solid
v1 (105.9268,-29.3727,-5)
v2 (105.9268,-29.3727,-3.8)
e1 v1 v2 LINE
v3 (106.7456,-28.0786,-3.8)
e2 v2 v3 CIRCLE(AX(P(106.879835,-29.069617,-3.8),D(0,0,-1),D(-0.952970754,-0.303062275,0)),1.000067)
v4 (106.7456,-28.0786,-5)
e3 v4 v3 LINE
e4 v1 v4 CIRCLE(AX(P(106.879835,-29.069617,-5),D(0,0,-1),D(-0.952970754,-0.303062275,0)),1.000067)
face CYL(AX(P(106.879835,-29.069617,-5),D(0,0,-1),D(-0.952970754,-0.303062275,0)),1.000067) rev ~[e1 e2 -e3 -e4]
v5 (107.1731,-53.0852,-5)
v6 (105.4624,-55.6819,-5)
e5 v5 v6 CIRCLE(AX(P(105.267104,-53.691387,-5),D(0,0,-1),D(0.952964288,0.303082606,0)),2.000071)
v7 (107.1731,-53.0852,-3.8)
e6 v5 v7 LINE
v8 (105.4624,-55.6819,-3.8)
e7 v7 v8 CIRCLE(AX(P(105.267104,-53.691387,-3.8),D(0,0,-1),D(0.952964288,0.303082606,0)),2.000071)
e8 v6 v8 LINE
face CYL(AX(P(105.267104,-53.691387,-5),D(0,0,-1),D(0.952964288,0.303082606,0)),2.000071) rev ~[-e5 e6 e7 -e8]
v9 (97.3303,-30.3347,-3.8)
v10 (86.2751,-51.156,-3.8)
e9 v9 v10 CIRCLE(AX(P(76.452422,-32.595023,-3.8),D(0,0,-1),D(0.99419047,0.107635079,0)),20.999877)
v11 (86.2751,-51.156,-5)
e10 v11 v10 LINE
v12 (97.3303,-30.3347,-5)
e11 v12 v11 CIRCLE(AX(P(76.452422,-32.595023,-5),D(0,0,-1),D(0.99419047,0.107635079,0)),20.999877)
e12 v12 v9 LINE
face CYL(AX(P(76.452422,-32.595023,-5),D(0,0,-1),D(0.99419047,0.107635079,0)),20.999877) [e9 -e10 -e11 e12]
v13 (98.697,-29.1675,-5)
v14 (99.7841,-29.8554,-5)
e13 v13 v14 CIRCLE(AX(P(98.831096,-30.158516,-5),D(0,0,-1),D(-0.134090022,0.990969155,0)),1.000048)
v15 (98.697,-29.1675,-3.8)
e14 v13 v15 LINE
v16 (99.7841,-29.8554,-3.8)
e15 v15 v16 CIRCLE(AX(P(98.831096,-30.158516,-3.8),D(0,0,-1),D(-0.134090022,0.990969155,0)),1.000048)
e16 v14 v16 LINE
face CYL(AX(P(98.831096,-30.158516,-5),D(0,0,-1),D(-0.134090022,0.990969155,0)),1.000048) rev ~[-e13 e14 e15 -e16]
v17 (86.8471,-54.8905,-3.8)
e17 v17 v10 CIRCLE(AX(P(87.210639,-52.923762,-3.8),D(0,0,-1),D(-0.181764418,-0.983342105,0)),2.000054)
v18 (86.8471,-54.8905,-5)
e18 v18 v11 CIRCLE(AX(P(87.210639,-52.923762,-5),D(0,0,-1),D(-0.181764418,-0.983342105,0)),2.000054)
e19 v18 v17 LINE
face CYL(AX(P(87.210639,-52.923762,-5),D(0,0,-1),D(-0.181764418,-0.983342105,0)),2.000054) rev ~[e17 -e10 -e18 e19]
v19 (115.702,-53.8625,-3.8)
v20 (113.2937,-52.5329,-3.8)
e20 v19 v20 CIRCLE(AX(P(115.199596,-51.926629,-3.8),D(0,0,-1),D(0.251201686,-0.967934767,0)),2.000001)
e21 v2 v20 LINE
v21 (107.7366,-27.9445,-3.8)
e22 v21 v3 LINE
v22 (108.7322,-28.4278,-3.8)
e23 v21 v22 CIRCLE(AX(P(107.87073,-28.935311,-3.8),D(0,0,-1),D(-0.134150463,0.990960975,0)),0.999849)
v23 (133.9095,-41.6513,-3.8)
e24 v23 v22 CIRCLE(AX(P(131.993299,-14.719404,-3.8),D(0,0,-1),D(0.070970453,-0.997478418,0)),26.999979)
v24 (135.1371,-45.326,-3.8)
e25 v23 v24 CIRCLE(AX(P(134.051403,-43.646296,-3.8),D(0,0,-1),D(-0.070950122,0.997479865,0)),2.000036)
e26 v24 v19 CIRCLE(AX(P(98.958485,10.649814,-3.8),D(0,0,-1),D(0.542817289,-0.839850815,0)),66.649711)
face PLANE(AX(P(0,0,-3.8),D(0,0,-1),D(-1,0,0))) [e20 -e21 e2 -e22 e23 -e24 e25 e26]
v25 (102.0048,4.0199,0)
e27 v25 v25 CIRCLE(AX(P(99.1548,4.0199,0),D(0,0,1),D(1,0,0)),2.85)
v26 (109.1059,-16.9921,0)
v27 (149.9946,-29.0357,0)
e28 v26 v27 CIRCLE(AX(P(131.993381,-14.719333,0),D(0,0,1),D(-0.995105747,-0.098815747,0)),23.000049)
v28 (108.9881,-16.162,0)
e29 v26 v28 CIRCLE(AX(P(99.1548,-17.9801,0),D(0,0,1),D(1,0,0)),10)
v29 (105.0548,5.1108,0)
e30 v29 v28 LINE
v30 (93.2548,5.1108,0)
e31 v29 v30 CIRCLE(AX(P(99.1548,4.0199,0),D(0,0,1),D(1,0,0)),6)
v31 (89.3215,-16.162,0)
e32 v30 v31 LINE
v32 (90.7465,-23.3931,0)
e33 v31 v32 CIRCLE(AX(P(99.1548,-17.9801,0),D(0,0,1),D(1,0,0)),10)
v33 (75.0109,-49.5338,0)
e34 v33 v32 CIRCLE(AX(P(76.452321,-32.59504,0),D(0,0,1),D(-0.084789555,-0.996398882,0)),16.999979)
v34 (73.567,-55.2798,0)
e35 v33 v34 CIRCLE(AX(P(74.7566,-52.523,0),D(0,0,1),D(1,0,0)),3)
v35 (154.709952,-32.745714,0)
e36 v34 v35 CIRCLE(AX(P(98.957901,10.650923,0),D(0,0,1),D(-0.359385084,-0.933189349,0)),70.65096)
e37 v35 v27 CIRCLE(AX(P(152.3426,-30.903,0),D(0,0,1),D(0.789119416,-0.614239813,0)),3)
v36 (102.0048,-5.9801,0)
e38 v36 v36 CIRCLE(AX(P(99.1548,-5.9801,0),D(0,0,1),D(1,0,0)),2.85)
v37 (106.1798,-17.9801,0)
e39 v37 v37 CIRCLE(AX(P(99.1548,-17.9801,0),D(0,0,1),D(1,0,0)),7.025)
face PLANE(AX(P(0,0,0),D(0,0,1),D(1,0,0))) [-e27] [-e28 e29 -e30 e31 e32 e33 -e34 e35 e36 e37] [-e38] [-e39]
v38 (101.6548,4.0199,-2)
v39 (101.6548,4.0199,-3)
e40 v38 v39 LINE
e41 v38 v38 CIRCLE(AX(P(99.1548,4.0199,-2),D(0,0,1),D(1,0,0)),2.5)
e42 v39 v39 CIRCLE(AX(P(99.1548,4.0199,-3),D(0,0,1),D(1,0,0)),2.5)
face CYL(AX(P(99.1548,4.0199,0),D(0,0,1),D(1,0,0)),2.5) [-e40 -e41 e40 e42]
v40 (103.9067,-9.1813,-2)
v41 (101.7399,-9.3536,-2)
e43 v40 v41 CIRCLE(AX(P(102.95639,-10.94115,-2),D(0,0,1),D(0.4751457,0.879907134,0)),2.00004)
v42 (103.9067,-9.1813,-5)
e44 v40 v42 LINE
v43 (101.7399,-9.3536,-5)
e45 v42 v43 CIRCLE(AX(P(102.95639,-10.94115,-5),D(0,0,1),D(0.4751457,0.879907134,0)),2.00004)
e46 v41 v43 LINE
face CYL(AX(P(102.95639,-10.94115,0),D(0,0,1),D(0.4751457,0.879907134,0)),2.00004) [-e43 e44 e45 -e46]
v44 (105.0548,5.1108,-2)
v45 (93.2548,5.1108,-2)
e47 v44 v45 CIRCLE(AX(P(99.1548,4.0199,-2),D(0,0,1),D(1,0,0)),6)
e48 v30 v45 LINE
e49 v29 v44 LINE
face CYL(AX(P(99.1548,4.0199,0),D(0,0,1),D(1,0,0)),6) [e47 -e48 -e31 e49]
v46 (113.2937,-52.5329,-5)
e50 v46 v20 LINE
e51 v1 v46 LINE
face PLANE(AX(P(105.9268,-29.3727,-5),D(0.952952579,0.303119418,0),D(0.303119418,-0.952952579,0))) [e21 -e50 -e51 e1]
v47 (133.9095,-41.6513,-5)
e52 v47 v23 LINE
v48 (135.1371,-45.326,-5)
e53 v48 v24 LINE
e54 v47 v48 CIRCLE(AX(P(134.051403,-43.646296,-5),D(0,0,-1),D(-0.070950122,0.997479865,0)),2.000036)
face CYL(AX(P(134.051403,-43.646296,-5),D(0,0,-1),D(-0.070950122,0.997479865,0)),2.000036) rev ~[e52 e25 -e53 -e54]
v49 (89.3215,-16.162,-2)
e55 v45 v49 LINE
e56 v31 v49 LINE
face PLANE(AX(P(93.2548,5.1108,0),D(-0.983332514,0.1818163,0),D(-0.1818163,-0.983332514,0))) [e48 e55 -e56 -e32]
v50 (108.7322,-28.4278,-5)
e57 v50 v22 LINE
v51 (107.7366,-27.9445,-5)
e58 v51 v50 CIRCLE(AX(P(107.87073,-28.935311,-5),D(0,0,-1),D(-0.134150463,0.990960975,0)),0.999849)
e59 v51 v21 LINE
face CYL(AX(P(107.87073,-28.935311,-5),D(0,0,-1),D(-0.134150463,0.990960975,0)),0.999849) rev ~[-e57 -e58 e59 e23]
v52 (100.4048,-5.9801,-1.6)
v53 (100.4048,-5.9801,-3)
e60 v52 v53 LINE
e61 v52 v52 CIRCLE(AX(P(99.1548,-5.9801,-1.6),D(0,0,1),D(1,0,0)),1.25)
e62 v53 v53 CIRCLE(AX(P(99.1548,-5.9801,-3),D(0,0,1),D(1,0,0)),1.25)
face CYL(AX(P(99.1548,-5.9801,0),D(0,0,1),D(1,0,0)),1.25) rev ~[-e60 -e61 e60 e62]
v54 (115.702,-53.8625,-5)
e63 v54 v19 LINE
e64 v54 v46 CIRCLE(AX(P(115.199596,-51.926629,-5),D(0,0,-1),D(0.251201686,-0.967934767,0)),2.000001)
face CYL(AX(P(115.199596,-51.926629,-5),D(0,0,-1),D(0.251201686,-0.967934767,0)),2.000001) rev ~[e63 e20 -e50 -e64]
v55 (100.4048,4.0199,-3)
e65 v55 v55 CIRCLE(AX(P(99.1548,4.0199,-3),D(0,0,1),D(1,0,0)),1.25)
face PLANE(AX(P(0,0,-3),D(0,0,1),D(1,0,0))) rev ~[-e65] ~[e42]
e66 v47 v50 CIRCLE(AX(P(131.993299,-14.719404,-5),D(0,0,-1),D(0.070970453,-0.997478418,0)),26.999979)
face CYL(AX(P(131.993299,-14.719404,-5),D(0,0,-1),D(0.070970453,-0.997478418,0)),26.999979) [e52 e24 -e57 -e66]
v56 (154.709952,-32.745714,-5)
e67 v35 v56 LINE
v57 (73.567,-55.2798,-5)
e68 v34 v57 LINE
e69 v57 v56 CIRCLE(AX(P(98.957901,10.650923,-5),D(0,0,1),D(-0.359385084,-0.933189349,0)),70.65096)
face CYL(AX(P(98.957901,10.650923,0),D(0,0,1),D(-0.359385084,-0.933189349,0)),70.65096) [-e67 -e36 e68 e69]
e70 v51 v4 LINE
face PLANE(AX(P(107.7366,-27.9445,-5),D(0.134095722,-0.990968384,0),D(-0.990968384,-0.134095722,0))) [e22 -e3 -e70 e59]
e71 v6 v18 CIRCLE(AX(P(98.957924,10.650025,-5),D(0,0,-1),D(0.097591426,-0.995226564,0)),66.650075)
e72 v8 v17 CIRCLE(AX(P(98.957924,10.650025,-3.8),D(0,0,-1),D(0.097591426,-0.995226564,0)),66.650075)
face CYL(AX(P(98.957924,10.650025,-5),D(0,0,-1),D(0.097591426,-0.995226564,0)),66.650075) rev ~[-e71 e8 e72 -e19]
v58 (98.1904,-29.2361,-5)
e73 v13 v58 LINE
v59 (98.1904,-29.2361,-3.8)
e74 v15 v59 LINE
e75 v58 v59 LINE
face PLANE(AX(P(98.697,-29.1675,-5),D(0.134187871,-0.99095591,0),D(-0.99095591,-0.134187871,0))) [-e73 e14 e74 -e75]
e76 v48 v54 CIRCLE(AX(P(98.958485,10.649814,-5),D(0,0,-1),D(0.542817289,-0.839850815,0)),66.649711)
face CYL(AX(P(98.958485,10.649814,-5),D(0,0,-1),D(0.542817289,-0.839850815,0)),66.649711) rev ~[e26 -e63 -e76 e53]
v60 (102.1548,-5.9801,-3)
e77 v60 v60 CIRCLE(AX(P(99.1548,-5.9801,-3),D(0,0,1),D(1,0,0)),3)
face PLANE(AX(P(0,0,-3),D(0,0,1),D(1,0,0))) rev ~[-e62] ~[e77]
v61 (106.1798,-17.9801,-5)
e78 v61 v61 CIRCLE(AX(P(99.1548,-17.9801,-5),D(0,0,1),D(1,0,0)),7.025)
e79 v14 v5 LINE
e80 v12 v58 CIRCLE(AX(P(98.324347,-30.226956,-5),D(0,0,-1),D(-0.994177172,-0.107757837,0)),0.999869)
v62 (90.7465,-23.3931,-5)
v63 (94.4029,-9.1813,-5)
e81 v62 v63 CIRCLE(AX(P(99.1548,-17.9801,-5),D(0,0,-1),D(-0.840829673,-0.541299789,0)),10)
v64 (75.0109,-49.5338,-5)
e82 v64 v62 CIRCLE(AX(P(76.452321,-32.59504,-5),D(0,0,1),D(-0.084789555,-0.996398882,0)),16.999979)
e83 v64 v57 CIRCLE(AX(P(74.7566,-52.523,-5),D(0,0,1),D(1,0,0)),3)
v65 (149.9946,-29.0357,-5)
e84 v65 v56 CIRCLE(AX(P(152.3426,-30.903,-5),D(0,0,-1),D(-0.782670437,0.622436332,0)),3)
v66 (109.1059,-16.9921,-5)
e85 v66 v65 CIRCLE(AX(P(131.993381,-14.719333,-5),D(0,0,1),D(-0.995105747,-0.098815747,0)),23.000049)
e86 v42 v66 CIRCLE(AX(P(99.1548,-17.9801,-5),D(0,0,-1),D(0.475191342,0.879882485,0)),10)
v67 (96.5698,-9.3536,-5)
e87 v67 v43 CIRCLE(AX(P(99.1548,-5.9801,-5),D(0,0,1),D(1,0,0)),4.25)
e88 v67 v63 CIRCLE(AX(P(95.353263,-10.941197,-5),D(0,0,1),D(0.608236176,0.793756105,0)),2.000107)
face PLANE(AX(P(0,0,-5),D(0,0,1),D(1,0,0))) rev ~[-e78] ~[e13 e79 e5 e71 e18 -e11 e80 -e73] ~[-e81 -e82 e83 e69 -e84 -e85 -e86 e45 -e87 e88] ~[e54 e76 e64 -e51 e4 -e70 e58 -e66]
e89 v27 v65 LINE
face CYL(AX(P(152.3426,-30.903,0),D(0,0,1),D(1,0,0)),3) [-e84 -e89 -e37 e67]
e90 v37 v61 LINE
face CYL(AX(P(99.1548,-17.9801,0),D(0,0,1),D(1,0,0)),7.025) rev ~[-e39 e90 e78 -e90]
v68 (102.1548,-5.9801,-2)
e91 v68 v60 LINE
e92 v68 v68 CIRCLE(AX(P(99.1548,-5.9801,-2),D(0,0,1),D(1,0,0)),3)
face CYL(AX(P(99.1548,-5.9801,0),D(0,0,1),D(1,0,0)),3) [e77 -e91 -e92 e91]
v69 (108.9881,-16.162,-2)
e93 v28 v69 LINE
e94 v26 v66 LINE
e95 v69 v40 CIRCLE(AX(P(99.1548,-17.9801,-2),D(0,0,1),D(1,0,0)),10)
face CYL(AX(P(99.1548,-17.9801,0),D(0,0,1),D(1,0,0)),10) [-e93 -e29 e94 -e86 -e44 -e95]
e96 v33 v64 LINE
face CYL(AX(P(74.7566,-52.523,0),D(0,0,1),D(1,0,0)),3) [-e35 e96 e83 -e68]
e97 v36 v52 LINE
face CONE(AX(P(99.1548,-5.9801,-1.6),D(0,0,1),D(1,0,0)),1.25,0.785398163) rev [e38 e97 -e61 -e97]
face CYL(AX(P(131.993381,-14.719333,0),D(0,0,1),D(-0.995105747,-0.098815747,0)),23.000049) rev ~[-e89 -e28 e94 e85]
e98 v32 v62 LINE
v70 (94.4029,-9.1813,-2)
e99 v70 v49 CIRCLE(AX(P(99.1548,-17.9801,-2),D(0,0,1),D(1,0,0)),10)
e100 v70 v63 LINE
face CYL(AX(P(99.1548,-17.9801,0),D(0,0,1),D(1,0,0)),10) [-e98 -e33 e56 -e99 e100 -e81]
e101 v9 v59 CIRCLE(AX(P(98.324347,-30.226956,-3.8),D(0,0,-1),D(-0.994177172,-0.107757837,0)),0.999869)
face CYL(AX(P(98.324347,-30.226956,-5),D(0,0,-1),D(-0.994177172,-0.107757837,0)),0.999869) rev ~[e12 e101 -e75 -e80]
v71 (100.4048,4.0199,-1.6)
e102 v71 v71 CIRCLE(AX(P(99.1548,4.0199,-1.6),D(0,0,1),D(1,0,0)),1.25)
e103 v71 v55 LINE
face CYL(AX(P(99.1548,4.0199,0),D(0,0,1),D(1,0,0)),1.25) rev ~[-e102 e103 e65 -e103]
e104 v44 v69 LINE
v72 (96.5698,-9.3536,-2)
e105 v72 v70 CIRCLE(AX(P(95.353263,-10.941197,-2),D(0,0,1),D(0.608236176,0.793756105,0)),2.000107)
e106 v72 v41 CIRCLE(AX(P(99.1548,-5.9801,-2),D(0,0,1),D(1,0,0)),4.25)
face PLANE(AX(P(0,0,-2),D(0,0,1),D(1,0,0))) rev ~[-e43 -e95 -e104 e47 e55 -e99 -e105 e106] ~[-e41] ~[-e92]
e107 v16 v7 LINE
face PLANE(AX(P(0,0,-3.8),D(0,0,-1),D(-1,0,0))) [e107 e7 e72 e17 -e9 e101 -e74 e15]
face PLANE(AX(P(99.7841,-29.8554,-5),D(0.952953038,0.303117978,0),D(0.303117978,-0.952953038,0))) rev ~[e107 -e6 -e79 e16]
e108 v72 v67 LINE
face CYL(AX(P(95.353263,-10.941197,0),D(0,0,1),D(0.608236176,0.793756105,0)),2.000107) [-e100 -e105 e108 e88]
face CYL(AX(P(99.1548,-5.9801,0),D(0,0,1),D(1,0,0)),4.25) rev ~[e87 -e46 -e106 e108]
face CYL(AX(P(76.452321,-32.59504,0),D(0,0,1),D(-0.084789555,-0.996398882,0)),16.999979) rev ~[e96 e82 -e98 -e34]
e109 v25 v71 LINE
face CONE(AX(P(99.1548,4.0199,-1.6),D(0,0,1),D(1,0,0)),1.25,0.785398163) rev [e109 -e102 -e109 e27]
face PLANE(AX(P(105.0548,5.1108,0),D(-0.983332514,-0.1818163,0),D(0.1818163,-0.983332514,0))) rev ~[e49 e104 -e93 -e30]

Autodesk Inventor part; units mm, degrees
ref_plane "YZ Plane" through (0, 0, 0) normal (1, 0, 0) x (0, 1, 0)
ref_plane "XZ Plane" through (0, 0, 0) normal (0, 1, 0) x (-1, 0, 0)
ref_plane "XY Plane" through (0, 0, 0) normal (0, 0, 1) x (1, 0, 0)
sketch "Sketch1" plane through (0, 0, 0) normal (0, 0, 1) x (1, 0, 0)
  line L0 (64.2929, 13) -> (99.1548, 4.0199) construction
  circle A0 centre (64.2929, 13) radius 3 construction
  circle A1 centre (64.2929, 13) radius 4.025 construction
  circle A2 centre (64.2929, 13) radius 7 construction
  arc A3 (102.6474, 8.8986) -> (63.8399, 19.9853) centre (67.7221, -39.8889) ccw construction
  circle A4 centre (99.1548, 4.0199) radius 2.5
  circle A5 centre (99.1548, 4.0199) radius 3.525
  circle A6 centre (99.1548, 4.0199) radius 6
  line L1 (64.2929, 13) -> (98.9408, 0.0186) construction
  line L2 (99.1548, 4.0199) -> (99.1548, -17.9801) construction
  line L3 (99.1548, -17.9801) -> (98.9408, 0.0186) construction
  circle A7 centre (99.1548, -17.9801) radius 10
  circle A8 centre (99.1548, -17.9801) radius 7.025
  line L4 (105.0548, 5.1108) -> (108.9881, -16.162)
  line L5 (93.2548, 5.1108) -> (89.3215, -16.162)
  line L6 (9.3628, -60) -> (214.5663, -60) construction
  arc A9 (95.4028, -0.6623) -> (65.8301, 6.1709) centre (73.5161, -27.9748) ccw construction
  line L7 (99.1548, 4.0199) -> (73.567, -55.2798) construction
  line L8 (99.1548, 4.0199) -> (154.8581, -32.5547) construction
  circle A10 centre (74.7566, -52.523) radius 3
  circle A11 centre (152.3426, -30.903) radius 3
  arc A12 (75.0109, -49.5338) -> (90.7465, -23.3931) centre (76.4523, -32.595) ccw
  arc A13 (109.1059, -16.9921) -> (149.9946, -29.0357) centre (131.9933, -14.7194) ccw
  arc A14 (73.567, -55.2798) -> (154.8581, -32.5547) centre (98.9579, 10.6509) ccw
  circle A15 centre (99.1548, -5.9801) radius 1.25
  circle A16 centre (99.1548, -5.9801) radius 3
  circle A17 centre (99.1548, -5.9801) radius 4.25
  circle A18 centre (99.1548, 4.0199) radius 1.25
  arc A19 (103.9067, -9.1813) -> (101.7399, -9.3536) centre (102.9564, -10.9411) ccw
  arc A20 (96.5698, -9.3536) -> (94.4029, -9.1813) centre (95.3533, -10.9411) ccw
  point P0 (0, 0)
  point P1 (0, 0)
  point P2 (73.6834, -55.3244)
  point P3 (154.7099, -32.7457)
  point P4 (97.1242, -8.1885)
  point P5 (102.5276, -8.5661)
  point P6 (95.7821, -8.5661)
  dimension "d19" = 6
  dimension "d20" = 6
  dimension "d0" = 36
  dimension "d1" = 8.05
  dimension "d2" = 6
  dimension "d3" = 14
  dimension "d4" = 60
  dimension "d5" = 37
  dimension "d6" = 22
  dimension "d7" = 18
  dimension "d8" = 12
  dimension "d9" = 7.05
  dimension "d10" = 20
  dimension "d11" = 14.05
  dimension "d12" = 35
  dimension "d13" = 5
  dimension "d14" = 60
  dimension "d15" = 23.34
  dimension "d17" = 66.6375
  dimension "d18" = 64.5847
  dimension "d21" = 13
  dimension "d23" = 17
  dimension "d29" = 2.5
  dimension "d30" = 6
  dimension "d31" = 8.5
  dimension "d32" = 2.5
  dimension "d43" = 10
  dimension "d44" = 2
  dimension "d45" = 2
  dimension "d46" = 56.711
  dimension "d47" = 23
extrude "Extrusion5" add sketch "Sketch1" against normal blind 5 contours A10 | A7 A20 A17 A19 | A13 A11 A14 A10 A12 A7 | A11
extrude "Extrusion6" add sketch "Sketch1" against normal blind 2 contours A5 | A6 A17 | A6 L4 A7 A17 | A17 A7 A16 A6 | A6 A17 | A6 A17 A7 L5 | A19 A17 A7 | A17 A20 A7 | A7 A16 A17
extrude "Extrusion7" add sketch "Sketch1" against normal blind 3 contours A4 | A16 A7 | A7 A16
chamfer "Chamfer3" distance 1.6 angle 45 2 edges at (97.9048, 4.0199, 0) (97.9048, -5.9801, 0)
sketch "スケッチ5" plane through (0, 0, -5) normal (0, 0, -1) x (-1, 0, 0)
  arc A0 (-149.9946, -29.0357) -> (-154.7099, -32.7457) centre (-152.3426, -30.903) ccw projected
  arc A1 (-154.7099, -32.7457) -> (-73.6834, -55.3244) centre (-98.9579, 10.6509) ccw projected
  arc A2 (-73.6834, -55.3244) -> (-75.0109, -49.5338) centre (-74.7566, -52.523) ccw projected
  arc A3 (-90.7465, -23.3931) -> (-75.0109, -49.5338) centre (-76.4523, -32.595) ccw projected
  arc A4 (-90.7465, -23.3931) -> (-94.4029, -9.1813) centre (-99.1548, -17.9801) ccw projected
  arc A5 (-94.4029, -9.1813) -> (-96.5698, -9.3536) centre (-95.3533, -10.9411) ccw projected
  arc A6 (-101.7399, -9.3536) -> (-96.5698, -9.3536) centre (-99.1548, -5.9801) ccw projected
  arc A7 (-101.7399, -9.3536) -> (-103.9067, -9.1813) centre (-102.9564, -10.9411) ccw projected
  arc A8 (-103.9067, -9.1813) -> (-109.1059, -16.9921) centre (-99.1548, -17.9801) ccw projected
  arc A9 (-149.9946, -29.0357) -> (-109.1059, -16.9921) centre (-131.9933, -14.7194) ccw projected
  circle A10 centre (-99.1548, -17.9801) radius 7.025 projected
  arc A11 (-133.9095, -41.6513) -> (-108.7322, -28.4278) centre (-131.9933, -14.7194) ccw
  arc A12 (-107.7366, -27.9445) -> (-108.7322, -28.4278) centre (-107.8707, -28.9355) ccw
  line L0 (-107.7366, -27.9445) -> (-106.7456, -28.0786)
  arc A13 (-105.9268, -29.3727) -> (-106.7456, -28.0786) centre (-106.8797, -29.0696) ccw
  arc A14 (-149.9946, -29.0357) -> (-109.1059, -16.9921) centre (-131.9933, -14.7194) ccw projected
  line L1 (-125.4948, -36.7823) -> (-91.0171, -41.3623) construction
  arc A15 (-90.7465, -23.3931) -> (-75.0109, -49.5338) centre (-76.4523, -32.595) ccw projected
  line L2 (-125.4948, -36.7823) -> (-99.1548, -17.9801) construction
  line L3 (-99.1548, -17.9801) -> (-91.0171, -41.3623) construction
  line L4 (-99.1548, -17.9801) -> (-114.8496, -67.3215) construction
  line L5 (-105.9268, -29.3727) -> (-113.2937, -52.5329)
  line L6 (-104.7615, -24.3106) -> (-98.127, -25.2082) construction
  arc A16 (-133.9095, -41.6513) -> (-135.1371, -45.326) centre (-134.0514, -43.6463) ccw
  arc A17 (-135.1371, -45.326) -> (-115.702, -53.8625) centre (-98.9579, 10.6509) ccw
  arc A18 (-115.702, -53.8625) -> (-113.2937, -52.5329) centre (-115.1996, -51.9266) ccw
  line L7 (-99.7841, -29.8554) -> (-107.1731, -53.0852)
  arc A19 (-98.697, -29.1675) -> (-99.7841, -29.8554) centre (-98.8311, -30.1585) ccw
  arc A20 (-97.3303, -30.3347) -> (-98.1904, -29.2361) centre (-98.3245, -30.227) ccw
  line L8 (-98.697, -29.1675) -> (-98.1904, -29.2361)
  arc A21 (-97.3303, -30.3347) -> (-86.2751, -51.156) centre (-76.4523, -32.595) ccw
  arc A22 (-86.8471, -54.8905) -> (-86.2751, -51.156) centre (-87.2106, -52.9238) ccw
  arc A23 (-107.1731, -53.0852) -> (-105.4624, -55.6819) centre (-105.2672, -53.6914) ccw
  arc A24 (-105.4624, -55.6819) -> (-86.8471, -54.8905) centre (-98.9579, 10.6509) ccw
  point P0 (0, 0)
  dimension "d57" = 1
  dimension "d58" = 1
  dimension "d59" = 4
  dimension "d60" = 73.669
  dimension "d61" = 36.835
  dimension "d62" = 3
  dimension "d63" = 1
  dimension "d64" = 4
  dimension "d66" = 2
  dimension "d67" = 4
  dimension "d68" = 2
  dimension "d70" = 3
  dimension "d71" = 1
  dimension "d72" = 1
  dimension "d73" = 4
  dimension "d74" = 4
  dimension "d75" = 2
  dimension "d76" = 2
  dimension "d77" = 4
extrude "押し出し8" cut sketch "スケッチ5" against normal blind 1.2 contours A11 A12 L0 A13 L5 A18 A17 A16 | A19 L8 A20 A21 A22 A24 A23 L7
properties part number "ヘッケン" material "ポリカーボネート、クリア"
